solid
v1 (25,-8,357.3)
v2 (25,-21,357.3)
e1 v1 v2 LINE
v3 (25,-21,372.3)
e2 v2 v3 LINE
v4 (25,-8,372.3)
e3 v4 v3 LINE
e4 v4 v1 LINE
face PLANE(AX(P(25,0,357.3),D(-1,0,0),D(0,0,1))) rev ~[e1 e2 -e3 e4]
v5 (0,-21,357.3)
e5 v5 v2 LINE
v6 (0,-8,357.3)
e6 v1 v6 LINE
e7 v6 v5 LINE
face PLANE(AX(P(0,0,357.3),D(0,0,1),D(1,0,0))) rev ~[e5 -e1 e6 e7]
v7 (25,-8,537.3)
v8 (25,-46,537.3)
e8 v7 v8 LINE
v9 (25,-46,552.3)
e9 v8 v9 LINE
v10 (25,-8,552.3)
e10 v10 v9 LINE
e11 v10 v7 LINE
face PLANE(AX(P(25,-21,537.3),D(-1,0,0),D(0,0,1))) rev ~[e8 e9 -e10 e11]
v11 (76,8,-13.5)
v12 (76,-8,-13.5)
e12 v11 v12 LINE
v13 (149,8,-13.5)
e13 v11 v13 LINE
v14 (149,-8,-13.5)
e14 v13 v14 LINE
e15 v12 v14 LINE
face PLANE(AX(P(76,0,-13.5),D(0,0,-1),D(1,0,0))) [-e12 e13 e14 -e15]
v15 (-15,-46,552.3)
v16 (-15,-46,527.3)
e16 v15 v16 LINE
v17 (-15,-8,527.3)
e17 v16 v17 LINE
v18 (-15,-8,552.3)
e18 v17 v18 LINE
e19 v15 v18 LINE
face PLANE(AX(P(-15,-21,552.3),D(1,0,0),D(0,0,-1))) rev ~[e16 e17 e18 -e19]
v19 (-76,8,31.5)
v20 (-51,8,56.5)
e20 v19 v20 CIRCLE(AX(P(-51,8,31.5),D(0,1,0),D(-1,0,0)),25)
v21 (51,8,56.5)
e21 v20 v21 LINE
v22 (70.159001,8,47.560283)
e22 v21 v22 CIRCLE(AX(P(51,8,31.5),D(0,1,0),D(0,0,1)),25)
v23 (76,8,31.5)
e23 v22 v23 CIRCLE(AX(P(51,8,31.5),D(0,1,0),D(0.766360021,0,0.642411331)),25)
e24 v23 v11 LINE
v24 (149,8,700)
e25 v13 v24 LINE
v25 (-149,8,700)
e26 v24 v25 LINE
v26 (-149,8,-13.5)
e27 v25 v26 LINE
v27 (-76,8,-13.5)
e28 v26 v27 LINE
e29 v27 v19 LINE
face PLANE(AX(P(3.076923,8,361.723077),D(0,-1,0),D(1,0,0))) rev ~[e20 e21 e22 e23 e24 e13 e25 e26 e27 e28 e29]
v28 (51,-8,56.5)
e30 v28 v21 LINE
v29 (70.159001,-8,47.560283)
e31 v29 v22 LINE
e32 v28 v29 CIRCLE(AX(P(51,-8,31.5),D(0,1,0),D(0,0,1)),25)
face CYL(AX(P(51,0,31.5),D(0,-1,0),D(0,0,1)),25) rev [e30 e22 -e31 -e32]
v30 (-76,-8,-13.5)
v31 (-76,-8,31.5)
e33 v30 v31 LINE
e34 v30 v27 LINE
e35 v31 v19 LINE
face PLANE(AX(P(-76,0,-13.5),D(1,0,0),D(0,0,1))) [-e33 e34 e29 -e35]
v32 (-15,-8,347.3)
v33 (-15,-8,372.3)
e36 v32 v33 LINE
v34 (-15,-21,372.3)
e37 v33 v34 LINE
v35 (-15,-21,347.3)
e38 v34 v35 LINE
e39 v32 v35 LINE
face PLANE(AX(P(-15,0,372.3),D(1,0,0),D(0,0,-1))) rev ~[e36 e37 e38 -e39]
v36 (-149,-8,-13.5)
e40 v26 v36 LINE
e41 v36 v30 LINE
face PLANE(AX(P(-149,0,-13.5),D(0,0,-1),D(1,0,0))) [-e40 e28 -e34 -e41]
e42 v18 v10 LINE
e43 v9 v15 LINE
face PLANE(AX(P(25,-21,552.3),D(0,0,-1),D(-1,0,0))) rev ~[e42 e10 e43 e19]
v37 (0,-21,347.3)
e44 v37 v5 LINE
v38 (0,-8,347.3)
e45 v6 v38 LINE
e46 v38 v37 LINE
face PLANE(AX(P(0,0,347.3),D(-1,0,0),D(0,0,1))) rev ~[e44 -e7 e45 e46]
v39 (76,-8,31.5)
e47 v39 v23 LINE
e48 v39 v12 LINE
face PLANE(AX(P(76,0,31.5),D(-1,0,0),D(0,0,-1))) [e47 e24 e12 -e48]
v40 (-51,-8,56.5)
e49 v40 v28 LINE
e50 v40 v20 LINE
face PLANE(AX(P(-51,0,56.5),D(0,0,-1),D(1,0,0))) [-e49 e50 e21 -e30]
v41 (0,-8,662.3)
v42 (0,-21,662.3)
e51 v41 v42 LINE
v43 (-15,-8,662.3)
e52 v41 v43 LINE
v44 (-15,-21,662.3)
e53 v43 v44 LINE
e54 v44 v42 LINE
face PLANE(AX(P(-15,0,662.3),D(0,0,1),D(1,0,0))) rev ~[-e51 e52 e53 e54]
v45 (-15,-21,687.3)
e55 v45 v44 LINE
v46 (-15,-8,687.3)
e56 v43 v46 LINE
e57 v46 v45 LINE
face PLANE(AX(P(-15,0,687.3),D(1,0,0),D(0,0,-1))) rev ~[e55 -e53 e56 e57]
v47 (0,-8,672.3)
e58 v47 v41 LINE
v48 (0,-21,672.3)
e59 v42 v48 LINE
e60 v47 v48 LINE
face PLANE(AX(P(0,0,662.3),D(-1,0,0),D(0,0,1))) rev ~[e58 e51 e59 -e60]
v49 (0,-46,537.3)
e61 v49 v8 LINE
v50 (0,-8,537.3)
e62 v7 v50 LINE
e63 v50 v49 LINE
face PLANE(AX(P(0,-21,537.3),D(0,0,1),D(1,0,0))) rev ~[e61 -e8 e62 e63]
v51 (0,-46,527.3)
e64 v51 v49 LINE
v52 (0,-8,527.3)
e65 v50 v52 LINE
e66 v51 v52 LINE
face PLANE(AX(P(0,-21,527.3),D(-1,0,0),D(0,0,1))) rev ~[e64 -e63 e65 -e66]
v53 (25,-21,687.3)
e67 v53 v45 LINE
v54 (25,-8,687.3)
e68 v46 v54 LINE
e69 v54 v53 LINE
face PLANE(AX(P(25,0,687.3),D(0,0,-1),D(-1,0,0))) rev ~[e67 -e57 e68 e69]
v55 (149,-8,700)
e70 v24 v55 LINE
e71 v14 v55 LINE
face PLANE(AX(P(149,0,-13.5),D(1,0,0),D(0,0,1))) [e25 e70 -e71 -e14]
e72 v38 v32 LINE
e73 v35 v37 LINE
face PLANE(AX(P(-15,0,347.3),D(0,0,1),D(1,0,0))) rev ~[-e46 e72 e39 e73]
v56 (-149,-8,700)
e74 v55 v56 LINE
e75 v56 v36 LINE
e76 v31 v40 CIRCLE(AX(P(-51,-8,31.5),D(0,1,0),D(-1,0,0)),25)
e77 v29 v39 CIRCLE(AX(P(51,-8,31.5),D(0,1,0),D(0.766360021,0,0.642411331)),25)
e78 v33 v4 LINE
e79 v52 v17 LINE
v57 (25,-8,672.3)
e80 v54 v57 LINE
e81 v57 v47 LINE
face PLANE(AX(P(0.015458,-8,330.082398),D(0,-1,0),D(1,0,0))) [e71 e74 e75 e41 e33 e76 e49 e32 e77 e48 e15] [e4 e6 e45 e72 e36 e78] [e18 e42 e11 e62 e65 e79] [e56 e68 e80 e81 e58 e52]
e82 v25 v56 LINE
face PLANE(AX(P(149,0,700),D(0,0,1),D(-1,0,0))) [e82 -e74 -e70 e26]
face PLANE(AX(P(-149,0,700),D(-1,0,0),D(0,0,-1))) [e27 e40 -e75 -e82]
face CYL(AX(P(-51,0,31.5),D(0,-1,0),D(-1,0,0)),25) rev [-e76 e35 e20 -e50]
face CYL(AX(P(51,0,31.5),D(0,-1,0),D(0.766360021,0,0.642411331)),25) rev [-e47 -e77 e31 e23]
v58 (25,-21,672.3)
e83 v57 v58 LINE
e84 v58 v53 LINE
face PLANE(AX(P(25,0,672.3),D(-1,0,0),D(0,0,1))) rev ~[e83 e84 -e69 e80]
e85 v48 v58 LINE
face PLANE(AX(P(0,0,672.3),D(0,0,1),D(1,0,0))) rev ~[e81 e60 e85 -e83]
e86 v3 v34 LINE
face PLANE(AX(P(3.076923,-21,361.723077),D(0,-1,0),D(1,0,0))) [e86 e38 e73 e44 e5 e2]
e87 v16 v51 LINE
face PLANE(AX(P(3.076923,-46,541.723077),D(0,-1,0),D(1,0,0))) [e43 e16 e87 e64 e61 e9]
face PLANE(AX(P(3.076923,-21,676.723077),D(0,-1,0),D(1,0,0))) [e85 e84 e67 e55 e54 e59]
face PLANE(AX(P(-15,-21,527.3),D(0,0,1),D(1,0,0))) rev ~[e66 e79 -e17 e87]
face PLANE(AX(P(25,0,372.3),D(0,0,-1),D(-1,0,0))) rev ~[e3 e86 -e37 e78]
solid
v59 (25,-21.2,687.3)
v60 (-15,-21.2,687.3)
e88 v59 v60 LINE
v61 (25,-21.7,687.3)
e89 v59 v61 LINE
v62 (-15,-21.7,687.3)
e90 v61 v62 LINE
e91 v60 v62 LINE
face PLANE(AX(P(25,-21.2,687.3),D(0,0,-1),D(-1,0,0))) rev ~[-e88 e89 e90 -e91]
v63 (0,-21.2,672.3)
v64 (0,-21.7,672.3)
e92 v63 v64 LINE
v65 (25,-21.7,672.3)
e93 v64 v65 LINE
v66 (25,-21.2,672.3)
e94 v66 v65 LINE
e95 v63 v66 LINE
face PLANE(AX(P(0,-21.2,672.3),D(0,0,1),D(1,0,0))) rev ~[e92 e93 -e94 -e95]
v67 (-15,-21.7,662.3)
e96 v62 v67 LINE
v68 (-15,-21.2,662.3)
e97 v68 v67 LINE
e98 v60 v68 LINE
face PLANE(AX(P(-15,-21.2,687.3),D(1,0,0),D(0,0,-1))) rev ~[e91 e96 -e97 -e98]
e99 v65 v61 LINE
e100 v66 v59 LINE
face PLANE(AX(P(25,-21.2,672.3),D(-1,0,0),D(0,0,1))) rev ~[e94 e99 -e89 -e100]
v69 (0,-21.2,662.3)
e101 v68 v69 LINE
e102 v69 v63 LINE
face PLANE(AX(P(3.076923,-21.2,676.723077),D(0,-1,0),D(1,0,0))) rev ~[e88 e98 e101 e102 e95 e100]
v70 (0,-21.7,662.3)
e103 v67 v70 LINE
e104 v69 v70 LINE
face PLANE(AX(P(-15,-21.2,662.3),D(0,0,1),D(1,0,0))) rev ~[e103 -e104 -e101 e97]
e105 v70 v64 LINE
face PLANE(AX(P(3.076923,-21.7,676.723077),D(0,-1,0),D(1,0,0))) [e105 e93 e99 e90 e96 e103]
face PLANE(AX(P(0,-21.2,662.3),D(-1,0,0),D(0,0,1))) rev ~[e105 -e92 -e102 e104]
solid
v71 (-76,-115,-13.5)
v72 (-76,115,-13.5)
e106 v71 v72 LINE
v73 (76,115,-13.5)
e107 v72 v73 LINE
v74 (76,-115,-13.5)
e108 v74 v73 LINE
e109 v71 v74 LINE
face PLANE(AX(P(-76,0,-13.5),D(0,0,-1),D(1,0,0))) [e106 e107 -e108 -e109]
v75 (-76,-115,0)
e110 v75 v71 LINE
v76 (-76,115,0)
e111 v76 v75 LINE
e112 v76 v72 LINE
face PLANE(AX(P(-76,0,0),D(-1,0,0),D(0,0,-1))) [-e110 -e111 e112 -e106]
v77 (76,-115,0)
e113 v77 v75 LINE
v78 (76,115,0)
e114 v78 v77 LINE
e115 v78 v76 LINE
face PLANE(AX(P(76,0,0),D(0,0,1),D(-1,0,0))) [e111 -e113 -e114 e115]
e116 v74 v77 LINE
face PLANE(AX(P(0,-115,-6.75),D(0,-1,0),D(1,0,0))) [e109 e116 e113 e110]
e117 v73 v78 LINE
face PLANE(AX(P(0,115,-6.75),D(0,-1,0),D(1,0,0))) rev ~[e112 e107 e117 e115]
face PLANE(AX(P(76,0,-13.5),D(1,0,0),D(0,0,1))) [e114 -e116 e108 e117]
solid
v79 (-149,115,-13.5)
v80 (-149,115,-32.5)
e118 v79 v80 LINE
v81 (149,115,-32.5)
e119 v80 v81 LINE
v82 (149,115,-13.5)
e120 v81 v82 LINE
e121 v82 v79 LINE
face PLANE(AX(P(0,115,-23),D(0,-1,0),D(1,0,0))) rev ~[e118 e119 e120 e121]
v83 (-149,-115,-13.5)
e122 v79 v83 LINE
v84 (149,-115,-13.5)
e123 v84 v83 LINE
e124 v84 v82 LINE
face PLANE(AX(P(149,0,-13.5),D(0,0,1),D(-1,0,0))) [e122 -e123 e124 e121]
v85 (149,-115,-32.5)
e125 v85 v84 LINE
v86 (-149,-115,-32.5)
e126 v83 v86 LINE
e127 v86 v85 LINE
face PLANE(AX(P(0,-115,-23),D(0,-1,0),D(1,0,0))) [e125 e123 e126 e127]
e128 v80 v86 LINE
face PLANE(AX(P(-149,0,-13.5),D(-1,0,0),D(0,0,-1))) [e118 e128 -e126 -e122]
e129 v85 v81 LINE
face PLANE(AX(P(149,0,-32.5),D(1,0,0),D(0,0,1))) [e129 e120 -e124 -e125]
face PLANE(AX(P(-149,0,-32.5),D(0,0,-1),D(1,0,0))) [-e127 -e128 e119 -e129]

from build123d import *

# Parameters (mm, degrees)
F1_DEPTH      = 115
F1_DEPTH_BACK = 115
F2_DEPTH      = 115
F2_DEPTH_BACK = 115
F3_DEPTH      = 8
F3_DEPTH_BACK = 8
F4_DEPTH      = 21
F4_DEPTH_BACK = 8
F5_DEPTH      = 21
F5_DEPTH_BACK = 8
F6_DEPTH      = 21
F6_DEPTH_BACK = 8
F9_DEPTH      = 0.5
F11_DEPTH     = 25


with BuildPart() as f1:
    # F0 (on Front) → F1 (new body, two sides)
    with BuildSketch(Plane.XZ) as f1_sk:
        Polygon((76, -13.5), (76, 0), (0, 0), (-76, 0), (-76, -13.5), align=None)
    extrude(amount=F1_DEPTH)
    extrude(f1_sk.sketch, amount=-F1_DEPTH_BACK)


with BuildPart() as f2:
    # F0 (on Front) → F2 (new body, two sides)
    with BuildSketch(Plane.XZ) as f2_sk:
        Polygon((149, -13.5), (76, -13.5), (-76, -13.5), (-149, -13.5), (-149, -32.5), (149, -32.5), align=None)
    extrude(amount=F2_DEPTH)
    extrude(f2_sk.sketch, amount=-F2_DEPTH_BACK)


with BuildPart() as f3:
    # F0 (on Front) → F3 (new body, two sides)
    with BuildSketch(Plane.XZ) as f3_sk:
        with BuildLine():
            Line((76, 31.5), (76, 0))
            Line((76, 0), (76, -13.5))
            Line((76, -13.5), (149, -13.5))
            Line((149, -13.5), (149, 700))
            Line((149, 700), (-149, 700))
            Line((-149, 700), (-149, -13.5))
            Line((-149, -13.5), (-76, -13.5))
            Line((-76, -13.5), (-76, 0))
            Line((-76, 0), (-76, 31.5))
            ThreePointArc((-76, 31.5), (-68.6776695297, 49.1776695297), (-51, 56.5))
            Line((-51, 56.5), (51, 56.5))
            ThreePointArc((51, 56.5), (61.5710197798, 54.1550996647), (70.1590005334, 47.5602832653))
            ThreePointArc((70.1590005334, 47.5602832653), (74.4944143717, 40.044734831), (76, 31.5))
        make_face()
        Polygon((25, 357.3), (0, 357.3), (0, 347.3), (-15, 347.3), (-15, 372.3), (25, 372.3), align=None, mode=Mode.SUBTRACT)
        Polygon((25, 537.3), (0, 537.3), (0, 527.3), (-15, 527.3), (-15, 552.3), (25, 552.3), align=None, mode=Mode.SUBTRACT)
        Polygon((25, 672.3), (0, 672.3), (0, 662.3), (-15, 662.3), (-15, 687.3), (25, 687.3), align=None, mode=Mode.SUBTRACT)
    extrude(amount=F3_DEPTH)
    extrude(f3_sk.sketch, amount=-F3_DEPTH_BACK)

    # F0 (on Front) → F4 (join, two sides)
    with BuildSketch(Plane.XZ) as f4_sk:
        Polygon((0, 662.3), (0, 672.3), (25, 672.3), (25, 687.3), (-15, 687.3), (-15, 662.3), align=None)
    extrude(amount=F4_DEPTH)
    extrude(f4_sk.sketch, amount=-F4_DEPTH_BACK)

    # F0 (on Front) → F5 (join, two sides)
    with BuildSketch(Plane.XZ) as f5_sk:
        Polygon((0, 527.3), (0, 537.3), (25, 537.3), (25, 552.3), (-15, 552.3), (-15, 527.3), align=None)
    extrude(amount=F5_DEPTH)
    extrude(f5_sk.sketch, amount=-F5_DEPTH_BACK)

    # F0 (on Front) → F6 (join, two sides)
    with BuildSketch(Plane.XZ) as f6_sk:
        Polygon((0, 347.3), (0, 357.3), (25, 357.3), (25, 372.3), (-15, 372.3), (-15, 347.3), align=None)
    extrude(amount=F6_DEPTH)
    extrude(f6_sk.sketch, amount=-F6_DEPTH_BACK)

    # F11 (add): a face of the model
    f11_faces = [f3.faces().sort_by_distance(p)[0] for p in [
        (2.5, -21, 542.3),
    ]]
    extrude(f11_faces, amount=F11_DEPTH)


with BuildPart() as f9:
    # F8 (on offset) → F9 (new body)
    with BuildSketch(Plane.XZ.offset(21.2)):
        Polygon((25, 687.3), (-15, 687.3), (-15, 662.3), (0, 662.3), (0, 672.3), (25, 672.3), align=None)
    extrude(amount=F9_DEPTH)


solid = Compound([f1.part, f2.part, f3.part, f9.part])
